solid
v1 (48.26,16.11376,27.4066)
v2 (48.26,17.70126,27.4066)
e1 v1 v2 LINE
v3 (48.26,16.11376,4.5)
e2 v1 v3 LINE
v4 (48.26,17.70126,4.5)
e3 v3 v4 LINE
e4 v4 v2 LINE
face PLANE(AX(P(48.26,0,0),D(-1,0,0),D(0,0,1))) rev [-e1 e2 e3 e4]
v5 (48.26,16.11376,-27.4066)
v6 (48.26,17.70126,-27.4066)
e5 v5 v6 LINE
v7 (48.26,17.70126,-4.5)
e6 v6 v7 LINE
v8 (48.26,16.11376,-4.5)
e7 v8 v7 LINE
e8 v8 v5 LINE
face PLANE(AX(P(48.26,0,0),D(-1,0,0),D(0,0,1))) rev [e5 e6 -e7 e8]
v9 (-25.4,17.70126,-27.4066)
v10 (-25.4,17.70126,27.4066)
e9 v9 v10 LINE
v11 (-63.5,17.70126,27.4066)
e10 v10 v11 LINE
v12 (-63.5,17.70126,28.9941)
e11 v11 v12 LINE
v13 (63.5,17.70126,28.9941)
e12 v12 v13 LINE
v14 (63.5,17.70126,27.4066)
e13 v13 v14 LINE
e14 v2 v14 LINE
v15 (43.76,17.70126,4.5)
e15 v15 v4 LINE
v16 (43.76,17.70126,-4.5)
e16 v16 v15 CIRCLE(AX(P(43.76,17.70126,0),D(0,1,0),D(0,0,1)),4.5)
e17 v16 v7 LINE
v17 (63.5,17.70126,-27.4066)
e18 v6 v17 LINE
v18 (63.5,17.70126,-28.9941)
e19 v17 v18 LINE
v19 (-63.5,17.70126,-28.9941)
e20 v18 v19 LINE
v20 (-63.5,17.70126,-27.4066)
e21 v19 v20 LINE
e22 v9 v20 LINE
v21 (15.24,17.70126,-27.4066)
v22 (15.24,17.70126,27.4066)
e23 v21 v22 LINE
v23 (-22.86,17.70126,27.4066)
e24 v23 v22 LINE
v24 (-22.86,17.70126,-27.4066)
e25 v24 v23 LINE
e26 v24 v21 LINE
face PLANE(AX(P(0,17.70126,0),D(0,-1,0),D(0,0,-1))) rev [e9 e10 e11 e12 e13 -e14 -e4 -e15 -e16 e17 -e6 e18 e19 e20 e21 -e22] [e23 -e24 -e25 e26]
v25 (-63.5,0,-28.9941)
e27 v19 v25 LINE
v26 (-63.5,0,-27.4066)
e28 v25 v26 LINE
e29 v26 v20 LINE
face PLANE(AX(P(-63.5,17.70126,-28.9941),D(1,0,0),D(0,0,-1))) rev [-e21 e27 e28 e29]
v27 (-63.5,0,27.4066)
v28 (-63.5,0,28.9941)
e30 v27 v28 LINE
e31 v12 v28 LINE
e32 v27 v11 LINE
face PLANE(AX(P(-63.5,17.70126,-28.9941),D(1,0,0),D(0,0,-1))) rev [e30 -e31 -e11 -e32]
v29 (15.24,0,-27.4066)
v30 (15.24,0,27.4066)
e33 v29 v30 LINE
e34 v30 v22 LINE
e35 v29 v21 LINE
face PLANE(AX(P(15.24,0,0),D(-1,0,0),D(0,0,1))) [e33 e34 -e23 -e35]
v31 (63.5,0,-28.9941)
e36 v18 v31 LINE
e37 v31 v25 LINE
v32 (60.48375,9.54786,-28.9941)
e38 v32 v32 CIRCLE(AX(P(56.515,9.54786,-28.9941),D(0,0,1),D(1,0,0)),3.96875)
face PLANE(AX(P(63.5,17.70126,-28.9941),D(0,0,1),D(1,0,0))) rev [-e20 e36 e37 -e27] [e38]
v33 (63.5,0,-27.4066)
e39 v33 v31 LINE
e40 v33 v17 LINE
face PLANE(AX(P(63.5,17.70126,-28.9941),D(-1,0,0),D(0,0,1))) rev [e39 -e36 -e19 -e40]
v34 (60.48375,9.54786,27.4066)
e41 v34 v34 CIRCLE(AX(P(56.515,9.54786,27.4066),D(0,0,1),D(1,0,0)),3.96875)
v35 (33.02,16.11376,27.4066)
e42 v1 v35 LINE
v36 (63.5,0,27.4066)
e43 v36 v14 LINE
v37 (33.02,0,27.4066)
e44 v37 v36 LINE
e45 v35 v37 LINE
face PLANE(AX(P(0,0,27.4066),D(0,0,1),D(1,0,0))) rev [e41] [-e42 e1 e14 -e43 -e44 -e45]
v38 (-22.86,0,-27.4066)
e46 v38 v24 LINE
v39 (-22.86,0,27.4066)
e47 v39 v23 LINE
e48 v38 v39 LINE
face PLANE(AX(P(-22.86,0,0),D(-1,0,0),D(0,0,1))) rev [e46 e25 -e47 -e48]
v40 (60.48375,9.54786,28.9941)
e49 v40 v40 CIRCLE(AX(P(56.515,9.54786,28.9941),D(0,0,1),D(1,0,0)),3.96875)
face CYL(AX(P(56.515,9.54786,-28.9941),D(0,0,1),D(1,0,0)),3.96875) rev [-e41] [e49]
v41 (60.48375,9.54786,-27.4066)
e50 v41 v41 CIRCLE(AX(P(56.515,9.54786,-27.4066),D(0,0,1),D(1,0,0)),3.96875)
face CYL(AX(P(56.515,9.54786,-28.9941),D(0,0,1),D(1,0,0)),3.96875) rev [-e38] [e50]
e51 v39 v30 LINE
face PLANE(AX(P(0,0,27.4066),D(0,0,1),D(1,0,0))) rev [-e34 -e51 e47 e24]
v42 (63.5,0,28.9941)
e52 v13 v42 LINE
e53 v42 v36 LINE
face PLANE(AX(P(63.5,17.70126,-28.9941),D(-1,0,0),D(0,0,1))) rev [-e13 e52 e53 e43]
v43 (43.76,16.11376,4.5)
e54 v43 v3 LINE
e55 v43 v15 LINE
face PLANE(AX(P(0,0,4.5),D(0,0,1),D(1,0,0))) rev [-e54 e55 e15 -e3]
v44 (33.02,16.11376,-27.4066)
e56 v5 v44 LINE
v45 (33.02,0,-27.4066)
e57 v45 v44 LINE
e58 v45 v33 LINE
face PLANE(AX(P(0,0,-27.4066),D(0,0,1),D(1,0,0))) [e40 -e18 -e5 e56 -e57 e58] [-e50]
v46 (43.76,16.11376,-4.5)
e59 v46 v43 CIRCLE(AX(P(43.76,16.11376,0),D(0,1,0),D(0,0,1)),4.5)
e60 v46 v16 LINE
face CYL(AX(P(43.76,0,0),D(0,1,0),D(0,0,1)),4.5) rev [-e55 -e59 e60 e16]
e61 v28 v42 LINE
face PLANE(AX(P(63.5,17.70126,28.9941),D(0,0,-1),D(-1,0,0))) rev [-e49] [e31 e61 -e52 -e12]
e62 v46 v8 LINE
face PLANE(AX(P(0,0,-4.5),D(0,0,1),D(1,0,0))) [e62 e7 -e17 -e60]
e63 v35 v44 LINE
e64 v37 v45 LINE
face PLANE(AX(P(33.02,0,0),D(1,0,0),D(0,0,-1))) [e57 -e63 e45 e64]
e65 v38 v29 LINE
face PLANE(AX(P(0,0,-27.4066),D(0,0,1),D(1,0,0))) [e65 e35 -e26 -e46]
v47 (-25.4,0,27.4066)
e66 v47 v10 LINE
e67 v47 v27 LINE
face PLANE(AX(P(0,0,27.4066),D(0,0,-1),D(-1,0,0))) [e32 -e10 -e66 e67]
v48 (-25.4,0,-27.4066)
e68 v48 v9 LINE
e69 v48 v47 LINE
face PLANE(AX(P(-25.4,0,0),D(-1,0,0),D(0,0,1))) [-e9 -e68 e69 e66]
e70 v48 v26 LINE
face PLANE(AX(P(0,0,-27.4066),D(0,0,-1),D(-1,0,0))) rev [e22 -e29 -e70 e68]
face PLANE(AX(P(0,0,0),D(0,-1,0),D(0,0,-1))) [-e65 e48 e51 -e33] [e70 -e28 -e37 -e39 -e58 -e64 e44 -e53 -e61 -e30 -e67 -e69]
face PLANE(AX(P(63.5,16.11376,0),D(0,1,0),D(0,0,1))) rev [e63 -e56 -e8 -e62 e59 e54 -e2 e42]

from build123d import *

# Parameters (mm, degrees)
SKETCH1_W               = 127
SKETCH1_H               = 57.9882
BOSS_EXTRUDE1_DEPTH     = 17.70126
SKETCH2_W               = 15.24
SKETCH2_H               = 54.8132
CUT_EXTRUDE1_DEPTH      = 73.015570819
CUT_EXTRUDE2_DEPTH      = 87.756115439
CUT_EXTRUDE2_DEPTH_BACK = 87.756115439
SKETCH3_R               = 3.96875
CUT_EXTRUDE5_DEPTH      = 117.808775528
CUT_EXTRUDE5_DEPTH_BACK = 15.24
SKETCH6_W               = 54.8132
SKETCH6_H               = 16.11376
CUT_EXTRUDE6_DEPTH      = 73.015570819
SKETCH7_W               = 38.1
SKETCH7_H               = 54.8132
CUT_EXTRUDE7_DEPTH      = 73.015570819
SKETCH8_W               = 38.1
SKETCH8_H               = 54.8132
CUT_EXTRUDE8_DEPTH      = 73.015570819


with BuildPart() as part:
    # Sketch1 → Boss-Extrude1 (new body)
    with BuildSketch(Plane(origin=(0, 0, 0), x_dir=(1, 0, 0), z_dir=(0, 1, 0))):
        Rectangle(SKETCH1_W, SKETCH1_H)
    extrude(amount=BOSS_EXTRUDE1_DEPTH)

    # Sketch2 → Cut-Extrude1 (cut, through all)
    with BuildSketch(Plane(origin=(0, 17.70126, 0), x_dir=(1, 0, 0), z_dir=(0, 1, 0))):
        with Locations((55.88, 0)):
            Rectangle(SKETCH2_W, SKETCH2_H)
    extrude(amount=-CUT_EXTRUDE1_DEPTH, mode=Mode.SUBTRACT)

    # Sketch3 → Cut-Extrude2 (cut, two sides: drawn at the far end of the back side and taken through both)
    with BuildSketch(Plane.XY.offset(-27.4066).offset(-CUT_EXTRUDE2_DEPTH_BACK)):
        with Locations((56.515, 9.54786)):
            Circle(SKETCH3_R)
    extrude(amount=CUT_EXTRUDE2_DEPTH + CUT_EXTRUDE2_DEPTH_BACK, mode=Mode.SUBTRACT)

    # Sketch6 → Cut-Extrude5 (cut, two sides: drawn at the far end of the back side and taken through both)
    with BuildSketch(Plane(origin=(48.26, 0, 0), x_dir=(0, 0, -1), z_dir=(1, 0, 0)).offset(-CUT_EXTRUDE5_DEPTH_BACK)):
        with Locations((0, 8.05688)):
            Rectangle(SKETCH6_W, SKETCH6_H)
    extrude(amount=CUT_EXTRUDE5_DEPTH + CUT_EXTRUDE5_DEPTH_BACK, mode=Mode.SUBTRACT)

    # Sketch4 → Cut-Extrude6 (cut, through all)
    with BuildSketch(Plane(origin=(0, 17.70126, 0), x_dir=(1, 0, 0), z_dir=(0, 1, 0))):
        with BuildLine():
            ThreePointArc((43.759999983, 4.500000017), (40.578019456, 3.181980527), (39.259999966, 0))
            Line((39.259999966, 0), (48.26, 0))
            ThreePointArc((48.26, 0), (46.94198051, 3.181980527), (43.759999983, 4.500000017))
        make_face()
        with BuildLine():
            Line((48.26, 0), (39.259999966, 0))
            ThreePointArc((39.259999966, 0), (40.578019456, -3.181980527), (43.759999983, -4.500000017))
            ThreePointArc((43.759999983, -4.500000017), (46.94198051, -3.181980527), (48.26, 0))
        make_face()
        with BuildLine():
            ThreePointArc((43.759999983, 4.500000017), (46.94198051, 3.181980527), (48.26, 0))
            Line((48.26, 0), (48.26, 4.500000017))
            Line((48.26, 4.500000017), (43.759999983, 4.500000017))
        make_face()
        with BuildLine():
            Line((48.26, -4.500000017), (48.26, 0))
            ThreePointArc((48.26, 0), (46.94198051, -3.181980527), (43.759999983, -4.500000017))
            Line((43.759999983, -4.500000017), (48.26, -4.500000017))
        make_face()
    extrude(amount=-CUT_EXTRUDE6_DEPTH, mode=Mode.SUBTRACT)

    # Sketch7 → Cut-Extrude7 (cut, through all)
    with BuildSketch(Plane(origin=(0, 17.70126, 0), x_dir=(1, 0, 0), z_dir=(0, 1, 0))):
        with Locations((-44.45, 0)):
            Rectangle(SKETCH7_W, SKETCH7_H)
    extrude(amount=-CUT_EXTRUDE7_DEPTH, mode=Mode.SUBTRACT)

    # Sketch8 → Cut-Extrude8 (cut, through all)
    with BuildSketch(Plane(origin=(0, 17.70126, 0), x_dir=(1, 0, 0), z_dir=(0, 1, 0))):
        with Locations((-3.81, 0)):
            Rectangle(SKETCH8_W, SKETCH8_H)
    extrude(amount=-CUT_EXTRUDE8_DEPTH, mode=Mode.SUBTRACT)


solid = part.part
